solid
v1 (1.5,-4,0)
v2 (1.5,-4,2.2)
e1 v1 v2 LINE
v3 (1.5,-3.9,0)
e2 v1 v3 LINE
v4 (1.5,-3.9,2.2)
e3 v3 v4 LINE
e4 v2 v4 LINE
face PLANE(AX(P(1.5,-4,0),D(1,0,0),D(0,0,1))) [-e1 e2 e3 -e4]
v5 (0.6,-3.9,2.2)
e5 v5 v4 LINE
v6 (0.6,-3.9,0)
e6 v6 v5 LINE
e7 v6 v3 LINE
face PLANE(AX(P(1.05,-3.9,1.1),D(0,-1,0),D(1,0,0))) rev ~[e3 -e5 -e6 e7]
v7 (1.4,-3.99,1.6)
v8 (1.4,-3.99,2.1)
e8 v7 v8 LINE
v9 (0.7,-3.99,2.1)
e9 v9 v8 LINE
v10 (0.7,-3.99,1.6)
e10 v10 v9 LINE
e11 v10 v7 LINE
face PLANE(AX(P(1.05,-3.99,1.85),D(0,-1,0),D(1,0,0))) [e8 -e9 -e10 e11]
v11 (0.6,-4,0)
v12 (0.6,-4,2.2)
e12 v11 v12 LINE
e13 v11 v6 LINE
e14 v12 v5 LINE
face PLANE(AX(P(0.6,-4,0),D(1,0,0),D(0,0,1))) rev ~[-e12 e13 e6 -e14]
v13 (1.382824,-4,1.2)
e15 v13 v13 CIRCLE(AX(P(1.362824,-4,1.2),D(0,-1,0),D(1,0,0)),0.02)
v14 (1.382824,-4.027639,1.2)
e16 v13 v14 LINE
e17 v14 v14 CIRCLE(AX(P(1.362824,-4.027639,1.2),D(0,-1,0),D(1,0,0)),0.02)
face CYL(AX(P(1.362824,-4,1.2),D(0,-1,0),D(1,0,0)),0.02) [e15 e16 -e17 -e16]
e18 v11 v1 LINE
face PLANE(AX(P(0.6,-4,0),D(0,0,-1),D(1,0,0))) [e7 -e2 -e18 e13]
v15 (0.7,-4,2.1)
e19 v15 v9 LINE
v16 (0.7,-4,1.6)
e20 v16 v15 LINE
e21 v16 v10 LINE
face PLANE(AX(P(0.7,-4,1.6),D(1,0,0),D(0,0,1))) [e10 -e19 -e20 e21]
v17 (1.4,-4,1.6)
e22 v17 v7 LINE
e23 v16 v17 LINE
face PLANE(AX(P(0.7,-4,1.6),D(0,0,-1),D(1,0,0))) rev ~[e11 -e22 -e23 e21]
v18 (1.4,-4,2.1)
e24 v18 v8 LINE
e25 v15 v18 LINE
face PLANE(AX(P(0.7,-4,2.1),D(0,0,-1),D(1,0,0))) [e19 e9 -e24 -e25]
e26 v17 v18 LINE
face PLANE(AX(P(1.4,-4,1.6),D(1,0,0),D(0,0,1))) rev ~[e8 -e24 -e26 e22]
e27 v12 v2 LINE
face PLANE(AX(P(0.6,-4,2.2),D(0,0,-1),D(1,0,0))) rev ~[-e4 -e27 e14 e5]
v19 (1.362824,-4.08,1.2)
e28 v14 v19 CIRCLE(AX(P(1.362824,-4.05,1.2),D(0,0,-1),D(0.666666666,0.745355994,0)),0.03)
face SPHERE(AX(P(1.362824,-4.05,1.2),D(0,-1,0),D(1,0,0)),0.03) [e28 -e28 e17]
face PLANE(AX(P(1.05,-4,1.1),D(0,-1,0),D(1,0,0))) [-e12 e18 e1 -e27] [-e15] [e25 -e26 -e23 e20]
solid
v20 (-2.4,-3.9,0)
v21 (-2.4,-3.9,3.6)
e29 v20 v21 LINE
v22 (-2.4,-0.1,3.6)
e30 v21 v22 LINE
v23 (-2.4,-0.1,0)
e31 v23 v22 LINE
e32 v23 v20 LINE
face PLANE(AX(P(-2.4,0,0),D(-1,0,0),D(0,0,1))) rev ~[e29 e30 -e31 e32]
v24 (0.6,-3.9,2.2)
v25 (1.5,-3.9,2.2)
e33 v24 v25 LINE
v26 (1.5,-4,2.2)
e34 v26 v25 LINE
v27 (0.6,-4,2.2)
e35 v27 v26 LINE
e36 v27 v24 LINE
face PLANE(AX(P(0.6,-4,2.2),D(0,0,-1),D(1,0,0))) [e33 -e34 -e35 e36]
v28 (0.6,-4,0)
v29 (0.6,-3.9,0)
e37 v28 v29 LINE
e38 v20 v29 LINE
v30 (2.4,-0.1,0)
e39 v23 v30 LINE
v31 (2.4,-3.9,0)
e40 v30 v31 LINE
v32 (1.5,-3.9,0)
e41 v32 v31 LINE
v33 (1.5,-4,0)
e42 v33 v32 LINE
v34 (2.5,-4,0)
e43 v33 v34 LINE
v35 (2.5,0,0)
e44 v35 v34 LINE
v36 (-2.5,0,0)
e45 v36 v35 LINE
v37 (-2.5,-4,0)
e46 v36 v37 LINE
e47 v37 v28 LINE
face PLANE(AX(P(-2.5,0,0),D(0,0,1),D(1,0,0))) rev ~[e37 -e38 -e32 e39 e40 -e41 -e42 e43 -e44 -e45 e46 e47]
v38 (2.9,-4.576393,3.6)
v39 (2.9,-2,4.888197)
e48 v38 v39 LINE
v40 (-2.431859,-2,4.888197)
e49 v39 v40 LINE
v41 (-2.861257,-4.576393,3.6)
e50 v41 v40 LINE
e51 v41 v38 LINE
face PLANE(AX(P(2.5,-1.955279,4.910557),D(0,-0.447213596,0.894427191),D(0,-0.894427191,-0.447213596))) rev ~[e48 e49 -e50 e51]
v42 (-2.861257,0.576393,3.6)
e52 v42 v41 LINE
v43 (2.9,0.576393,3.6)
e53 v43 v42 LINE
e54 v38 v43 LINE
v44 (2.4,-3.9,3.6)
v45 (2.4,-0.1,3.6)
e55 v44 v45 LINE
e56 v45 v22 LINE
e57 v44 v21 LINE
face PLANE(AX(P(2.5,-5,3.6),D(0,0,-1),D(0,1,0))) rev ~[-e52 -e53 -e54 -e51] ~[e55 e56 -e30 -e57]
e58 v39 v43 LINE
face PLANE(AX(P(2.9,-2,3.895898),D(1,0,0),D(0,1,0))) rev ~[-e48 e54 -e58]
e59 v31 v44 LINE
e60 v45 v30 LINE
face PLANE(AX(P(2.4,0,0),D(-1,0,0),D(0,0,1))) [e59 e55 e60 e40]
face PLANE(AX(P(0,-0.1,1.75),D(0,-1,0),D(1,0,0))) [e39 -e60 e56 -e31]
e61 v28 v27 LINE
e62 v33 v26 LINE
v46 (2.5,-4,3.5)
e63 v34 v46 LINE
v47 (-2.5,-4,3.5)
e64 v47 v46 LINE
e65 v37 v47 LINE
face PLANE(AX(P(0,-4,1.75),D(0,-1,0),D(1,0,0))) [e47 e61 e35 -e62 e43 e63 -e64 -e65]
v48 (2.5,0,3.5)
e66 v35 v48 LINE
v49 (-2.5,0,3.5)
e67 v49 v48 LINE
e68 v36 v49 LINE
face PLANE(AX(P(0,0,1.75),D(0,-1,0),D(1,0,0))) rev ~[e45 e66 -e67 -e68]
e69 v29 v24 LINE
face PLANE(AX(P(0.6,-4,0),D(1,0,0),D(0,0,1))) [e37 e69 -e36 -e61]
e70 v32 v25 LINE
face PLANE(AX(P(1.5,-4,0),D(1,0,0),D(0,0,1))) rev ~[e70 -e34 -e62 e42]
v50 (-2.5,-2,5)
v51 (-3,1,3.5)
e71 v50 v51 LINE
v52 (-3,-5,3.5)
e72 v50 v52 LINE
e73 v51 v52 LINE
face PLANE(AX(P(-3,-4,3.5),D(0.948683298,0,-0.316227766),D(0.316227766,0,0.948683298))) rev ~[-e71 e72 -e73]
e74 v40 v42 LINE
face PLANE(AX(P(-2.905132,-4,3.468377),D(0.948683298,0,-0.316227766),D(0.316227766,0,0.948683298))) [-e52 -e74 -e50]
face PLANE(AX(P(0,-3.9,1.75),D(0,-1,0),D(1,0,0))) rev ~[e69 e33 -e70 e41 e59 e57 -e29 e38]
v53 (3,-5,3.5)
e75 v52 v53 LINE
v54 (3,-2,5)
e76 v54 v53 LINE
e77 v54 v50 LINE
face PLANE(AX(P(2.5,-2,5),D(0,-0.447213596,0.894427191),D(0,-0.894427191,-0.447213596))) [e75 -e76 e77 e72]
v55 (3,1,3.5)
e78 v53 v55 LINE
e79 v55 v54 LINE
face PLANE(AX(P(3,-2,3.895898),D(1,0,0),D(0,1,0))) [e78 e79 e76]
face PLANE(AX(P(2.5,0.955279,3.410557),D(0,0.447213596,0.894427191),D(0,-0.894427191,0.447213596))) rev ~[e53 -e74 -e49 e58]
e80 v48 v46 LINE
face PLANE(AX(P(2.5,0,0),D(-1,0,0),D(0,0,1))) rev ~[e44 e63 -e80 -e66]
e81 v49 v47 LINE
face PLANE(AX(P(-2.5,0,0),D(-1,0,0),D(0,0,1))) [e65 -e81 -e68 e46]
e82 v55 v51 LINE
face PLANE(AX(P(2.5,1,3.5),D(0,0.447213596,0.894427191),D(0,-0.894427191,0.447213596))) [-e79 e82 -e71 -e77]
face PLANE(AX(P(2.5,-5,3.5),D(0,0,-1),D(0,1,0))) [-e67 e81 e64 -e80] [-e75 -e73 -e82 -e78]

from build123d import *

# Parameters (mm, degrees)
F0_W          = 5
F0_H          = 3.5
F1_DEPTH      = 4
F4_DEPTH      = 0.5
F4_DEPTH_BACK = 5.5
F6_DEPTH      = 25
F6_DEPTH_BACK = 25
F7_T          = -0.1
F2_W          = 0.9
F2_H          = 2.2
F8_DEPTH      = 0.1
F9_W          = 0.9
F9_H          = 2.2
F10_DEPTH     = 0.1
F11_W         = 0.7
F11_H         = 0.5
F12_DEPTH     = 0.01


with BuildPart() as f1:
    # F0 (on Front) → F1 (new body)
    with BuildSketch(Plane.XZ):
        with Locations((0, 1.75)):
            Rectangle(F0_W, F0_H)
    extrude(amount=F1_DEPTH)

    # F3 (on face) → F4 (join, two sides)
    with BuildSketch(Plane.YZ.offset(2.5)) as f4_sk:
        Polygon((-2, 5), (-5, 3.5), (-4, 3.5), (0, 3.5), (1, 3.5), align=None)
    extrude(amount=F4_DEPTH)
    extrude(f4_sk.sketch, amount=-F4_DEPTH_BACK)

    # F5 (on face) → F6 (cut, two sides)
    with BuildSketch(Plane.XZ.offset(4)) as f6_sk:
        Polygon((-3, 5), (-3, 3.5), (-2.5, 5), align=None)
    extrude(amount=-F6_DEPTH, mode=Mode.SUBTRACT)
    extrude(f6_sk.sketch, amount=F6_DEPTH_BACK, mode=Mode.SUBTRACT)

    # F7
    f7_openings = [f1.faces().sort_by_distance(p)[0] for p in [
        (0, -2, 0),
    ]]
    offset(amount=F7_T, openings=f7_openings, kind=Kind.INTERSECTION)

    # F2 (on face) → F8 (cut, through all)
    with BuildSketch(Plane.XZ.offset(4)):
        with Locations((1.05, 1.1)):
            Rectangle(F2_W, F2_H)
    extrude(amount=-F8_DEPTH, mode=Mode.SUBTRACT)


with BuildPart() as f10:
    # F9 (on face) → F10 (new body)
    with BuildSketch(Plane.XZ.offset(4)):
        with Locations((1.05, 1.1)):
            Rectangle(F9_W, F9_H)
    extrude(amount=-F10_DEPTH)

    # F11 (on face) → F12 (cut)
    with BuildSketch(Plane.XZ.offset(4)):
        with Locations((1.05, 1.85)):
            Rectangle(F11_W, F11_H)
    extrude(amount=-F12_DEPTH, mode=Mode.SUBTRACT)

    # F14 (on offset) → F15 (revolve)
    with BuildSketch(Plane(origin=(0, 0, 1.2), x_dir=(1, 0, 0), z_dir=(0, 0, -1))):
        with BuildLine():
            Line((1.3828235336, 4), (1.3828235336, 4.0276393202))
            ThreePointArc((1.3828235336, 4.0276393202), (1.3908487044, 4.0607046627), (1.3628235336, 4.08))
            Line((1.3628235336, 4.08), (1.3628235336, 4.02))
            Line((1.3628235336, 4.02), (1.3628235336, 4))
            Line((1.3628235336, 4), (1.3828235336, 4))
        make_face()
    revolve(axis=Axis((1.3628235336, -4.05, 1.2), (0, -1, 0)))


solid = Compound([f1.part, f10.part])
